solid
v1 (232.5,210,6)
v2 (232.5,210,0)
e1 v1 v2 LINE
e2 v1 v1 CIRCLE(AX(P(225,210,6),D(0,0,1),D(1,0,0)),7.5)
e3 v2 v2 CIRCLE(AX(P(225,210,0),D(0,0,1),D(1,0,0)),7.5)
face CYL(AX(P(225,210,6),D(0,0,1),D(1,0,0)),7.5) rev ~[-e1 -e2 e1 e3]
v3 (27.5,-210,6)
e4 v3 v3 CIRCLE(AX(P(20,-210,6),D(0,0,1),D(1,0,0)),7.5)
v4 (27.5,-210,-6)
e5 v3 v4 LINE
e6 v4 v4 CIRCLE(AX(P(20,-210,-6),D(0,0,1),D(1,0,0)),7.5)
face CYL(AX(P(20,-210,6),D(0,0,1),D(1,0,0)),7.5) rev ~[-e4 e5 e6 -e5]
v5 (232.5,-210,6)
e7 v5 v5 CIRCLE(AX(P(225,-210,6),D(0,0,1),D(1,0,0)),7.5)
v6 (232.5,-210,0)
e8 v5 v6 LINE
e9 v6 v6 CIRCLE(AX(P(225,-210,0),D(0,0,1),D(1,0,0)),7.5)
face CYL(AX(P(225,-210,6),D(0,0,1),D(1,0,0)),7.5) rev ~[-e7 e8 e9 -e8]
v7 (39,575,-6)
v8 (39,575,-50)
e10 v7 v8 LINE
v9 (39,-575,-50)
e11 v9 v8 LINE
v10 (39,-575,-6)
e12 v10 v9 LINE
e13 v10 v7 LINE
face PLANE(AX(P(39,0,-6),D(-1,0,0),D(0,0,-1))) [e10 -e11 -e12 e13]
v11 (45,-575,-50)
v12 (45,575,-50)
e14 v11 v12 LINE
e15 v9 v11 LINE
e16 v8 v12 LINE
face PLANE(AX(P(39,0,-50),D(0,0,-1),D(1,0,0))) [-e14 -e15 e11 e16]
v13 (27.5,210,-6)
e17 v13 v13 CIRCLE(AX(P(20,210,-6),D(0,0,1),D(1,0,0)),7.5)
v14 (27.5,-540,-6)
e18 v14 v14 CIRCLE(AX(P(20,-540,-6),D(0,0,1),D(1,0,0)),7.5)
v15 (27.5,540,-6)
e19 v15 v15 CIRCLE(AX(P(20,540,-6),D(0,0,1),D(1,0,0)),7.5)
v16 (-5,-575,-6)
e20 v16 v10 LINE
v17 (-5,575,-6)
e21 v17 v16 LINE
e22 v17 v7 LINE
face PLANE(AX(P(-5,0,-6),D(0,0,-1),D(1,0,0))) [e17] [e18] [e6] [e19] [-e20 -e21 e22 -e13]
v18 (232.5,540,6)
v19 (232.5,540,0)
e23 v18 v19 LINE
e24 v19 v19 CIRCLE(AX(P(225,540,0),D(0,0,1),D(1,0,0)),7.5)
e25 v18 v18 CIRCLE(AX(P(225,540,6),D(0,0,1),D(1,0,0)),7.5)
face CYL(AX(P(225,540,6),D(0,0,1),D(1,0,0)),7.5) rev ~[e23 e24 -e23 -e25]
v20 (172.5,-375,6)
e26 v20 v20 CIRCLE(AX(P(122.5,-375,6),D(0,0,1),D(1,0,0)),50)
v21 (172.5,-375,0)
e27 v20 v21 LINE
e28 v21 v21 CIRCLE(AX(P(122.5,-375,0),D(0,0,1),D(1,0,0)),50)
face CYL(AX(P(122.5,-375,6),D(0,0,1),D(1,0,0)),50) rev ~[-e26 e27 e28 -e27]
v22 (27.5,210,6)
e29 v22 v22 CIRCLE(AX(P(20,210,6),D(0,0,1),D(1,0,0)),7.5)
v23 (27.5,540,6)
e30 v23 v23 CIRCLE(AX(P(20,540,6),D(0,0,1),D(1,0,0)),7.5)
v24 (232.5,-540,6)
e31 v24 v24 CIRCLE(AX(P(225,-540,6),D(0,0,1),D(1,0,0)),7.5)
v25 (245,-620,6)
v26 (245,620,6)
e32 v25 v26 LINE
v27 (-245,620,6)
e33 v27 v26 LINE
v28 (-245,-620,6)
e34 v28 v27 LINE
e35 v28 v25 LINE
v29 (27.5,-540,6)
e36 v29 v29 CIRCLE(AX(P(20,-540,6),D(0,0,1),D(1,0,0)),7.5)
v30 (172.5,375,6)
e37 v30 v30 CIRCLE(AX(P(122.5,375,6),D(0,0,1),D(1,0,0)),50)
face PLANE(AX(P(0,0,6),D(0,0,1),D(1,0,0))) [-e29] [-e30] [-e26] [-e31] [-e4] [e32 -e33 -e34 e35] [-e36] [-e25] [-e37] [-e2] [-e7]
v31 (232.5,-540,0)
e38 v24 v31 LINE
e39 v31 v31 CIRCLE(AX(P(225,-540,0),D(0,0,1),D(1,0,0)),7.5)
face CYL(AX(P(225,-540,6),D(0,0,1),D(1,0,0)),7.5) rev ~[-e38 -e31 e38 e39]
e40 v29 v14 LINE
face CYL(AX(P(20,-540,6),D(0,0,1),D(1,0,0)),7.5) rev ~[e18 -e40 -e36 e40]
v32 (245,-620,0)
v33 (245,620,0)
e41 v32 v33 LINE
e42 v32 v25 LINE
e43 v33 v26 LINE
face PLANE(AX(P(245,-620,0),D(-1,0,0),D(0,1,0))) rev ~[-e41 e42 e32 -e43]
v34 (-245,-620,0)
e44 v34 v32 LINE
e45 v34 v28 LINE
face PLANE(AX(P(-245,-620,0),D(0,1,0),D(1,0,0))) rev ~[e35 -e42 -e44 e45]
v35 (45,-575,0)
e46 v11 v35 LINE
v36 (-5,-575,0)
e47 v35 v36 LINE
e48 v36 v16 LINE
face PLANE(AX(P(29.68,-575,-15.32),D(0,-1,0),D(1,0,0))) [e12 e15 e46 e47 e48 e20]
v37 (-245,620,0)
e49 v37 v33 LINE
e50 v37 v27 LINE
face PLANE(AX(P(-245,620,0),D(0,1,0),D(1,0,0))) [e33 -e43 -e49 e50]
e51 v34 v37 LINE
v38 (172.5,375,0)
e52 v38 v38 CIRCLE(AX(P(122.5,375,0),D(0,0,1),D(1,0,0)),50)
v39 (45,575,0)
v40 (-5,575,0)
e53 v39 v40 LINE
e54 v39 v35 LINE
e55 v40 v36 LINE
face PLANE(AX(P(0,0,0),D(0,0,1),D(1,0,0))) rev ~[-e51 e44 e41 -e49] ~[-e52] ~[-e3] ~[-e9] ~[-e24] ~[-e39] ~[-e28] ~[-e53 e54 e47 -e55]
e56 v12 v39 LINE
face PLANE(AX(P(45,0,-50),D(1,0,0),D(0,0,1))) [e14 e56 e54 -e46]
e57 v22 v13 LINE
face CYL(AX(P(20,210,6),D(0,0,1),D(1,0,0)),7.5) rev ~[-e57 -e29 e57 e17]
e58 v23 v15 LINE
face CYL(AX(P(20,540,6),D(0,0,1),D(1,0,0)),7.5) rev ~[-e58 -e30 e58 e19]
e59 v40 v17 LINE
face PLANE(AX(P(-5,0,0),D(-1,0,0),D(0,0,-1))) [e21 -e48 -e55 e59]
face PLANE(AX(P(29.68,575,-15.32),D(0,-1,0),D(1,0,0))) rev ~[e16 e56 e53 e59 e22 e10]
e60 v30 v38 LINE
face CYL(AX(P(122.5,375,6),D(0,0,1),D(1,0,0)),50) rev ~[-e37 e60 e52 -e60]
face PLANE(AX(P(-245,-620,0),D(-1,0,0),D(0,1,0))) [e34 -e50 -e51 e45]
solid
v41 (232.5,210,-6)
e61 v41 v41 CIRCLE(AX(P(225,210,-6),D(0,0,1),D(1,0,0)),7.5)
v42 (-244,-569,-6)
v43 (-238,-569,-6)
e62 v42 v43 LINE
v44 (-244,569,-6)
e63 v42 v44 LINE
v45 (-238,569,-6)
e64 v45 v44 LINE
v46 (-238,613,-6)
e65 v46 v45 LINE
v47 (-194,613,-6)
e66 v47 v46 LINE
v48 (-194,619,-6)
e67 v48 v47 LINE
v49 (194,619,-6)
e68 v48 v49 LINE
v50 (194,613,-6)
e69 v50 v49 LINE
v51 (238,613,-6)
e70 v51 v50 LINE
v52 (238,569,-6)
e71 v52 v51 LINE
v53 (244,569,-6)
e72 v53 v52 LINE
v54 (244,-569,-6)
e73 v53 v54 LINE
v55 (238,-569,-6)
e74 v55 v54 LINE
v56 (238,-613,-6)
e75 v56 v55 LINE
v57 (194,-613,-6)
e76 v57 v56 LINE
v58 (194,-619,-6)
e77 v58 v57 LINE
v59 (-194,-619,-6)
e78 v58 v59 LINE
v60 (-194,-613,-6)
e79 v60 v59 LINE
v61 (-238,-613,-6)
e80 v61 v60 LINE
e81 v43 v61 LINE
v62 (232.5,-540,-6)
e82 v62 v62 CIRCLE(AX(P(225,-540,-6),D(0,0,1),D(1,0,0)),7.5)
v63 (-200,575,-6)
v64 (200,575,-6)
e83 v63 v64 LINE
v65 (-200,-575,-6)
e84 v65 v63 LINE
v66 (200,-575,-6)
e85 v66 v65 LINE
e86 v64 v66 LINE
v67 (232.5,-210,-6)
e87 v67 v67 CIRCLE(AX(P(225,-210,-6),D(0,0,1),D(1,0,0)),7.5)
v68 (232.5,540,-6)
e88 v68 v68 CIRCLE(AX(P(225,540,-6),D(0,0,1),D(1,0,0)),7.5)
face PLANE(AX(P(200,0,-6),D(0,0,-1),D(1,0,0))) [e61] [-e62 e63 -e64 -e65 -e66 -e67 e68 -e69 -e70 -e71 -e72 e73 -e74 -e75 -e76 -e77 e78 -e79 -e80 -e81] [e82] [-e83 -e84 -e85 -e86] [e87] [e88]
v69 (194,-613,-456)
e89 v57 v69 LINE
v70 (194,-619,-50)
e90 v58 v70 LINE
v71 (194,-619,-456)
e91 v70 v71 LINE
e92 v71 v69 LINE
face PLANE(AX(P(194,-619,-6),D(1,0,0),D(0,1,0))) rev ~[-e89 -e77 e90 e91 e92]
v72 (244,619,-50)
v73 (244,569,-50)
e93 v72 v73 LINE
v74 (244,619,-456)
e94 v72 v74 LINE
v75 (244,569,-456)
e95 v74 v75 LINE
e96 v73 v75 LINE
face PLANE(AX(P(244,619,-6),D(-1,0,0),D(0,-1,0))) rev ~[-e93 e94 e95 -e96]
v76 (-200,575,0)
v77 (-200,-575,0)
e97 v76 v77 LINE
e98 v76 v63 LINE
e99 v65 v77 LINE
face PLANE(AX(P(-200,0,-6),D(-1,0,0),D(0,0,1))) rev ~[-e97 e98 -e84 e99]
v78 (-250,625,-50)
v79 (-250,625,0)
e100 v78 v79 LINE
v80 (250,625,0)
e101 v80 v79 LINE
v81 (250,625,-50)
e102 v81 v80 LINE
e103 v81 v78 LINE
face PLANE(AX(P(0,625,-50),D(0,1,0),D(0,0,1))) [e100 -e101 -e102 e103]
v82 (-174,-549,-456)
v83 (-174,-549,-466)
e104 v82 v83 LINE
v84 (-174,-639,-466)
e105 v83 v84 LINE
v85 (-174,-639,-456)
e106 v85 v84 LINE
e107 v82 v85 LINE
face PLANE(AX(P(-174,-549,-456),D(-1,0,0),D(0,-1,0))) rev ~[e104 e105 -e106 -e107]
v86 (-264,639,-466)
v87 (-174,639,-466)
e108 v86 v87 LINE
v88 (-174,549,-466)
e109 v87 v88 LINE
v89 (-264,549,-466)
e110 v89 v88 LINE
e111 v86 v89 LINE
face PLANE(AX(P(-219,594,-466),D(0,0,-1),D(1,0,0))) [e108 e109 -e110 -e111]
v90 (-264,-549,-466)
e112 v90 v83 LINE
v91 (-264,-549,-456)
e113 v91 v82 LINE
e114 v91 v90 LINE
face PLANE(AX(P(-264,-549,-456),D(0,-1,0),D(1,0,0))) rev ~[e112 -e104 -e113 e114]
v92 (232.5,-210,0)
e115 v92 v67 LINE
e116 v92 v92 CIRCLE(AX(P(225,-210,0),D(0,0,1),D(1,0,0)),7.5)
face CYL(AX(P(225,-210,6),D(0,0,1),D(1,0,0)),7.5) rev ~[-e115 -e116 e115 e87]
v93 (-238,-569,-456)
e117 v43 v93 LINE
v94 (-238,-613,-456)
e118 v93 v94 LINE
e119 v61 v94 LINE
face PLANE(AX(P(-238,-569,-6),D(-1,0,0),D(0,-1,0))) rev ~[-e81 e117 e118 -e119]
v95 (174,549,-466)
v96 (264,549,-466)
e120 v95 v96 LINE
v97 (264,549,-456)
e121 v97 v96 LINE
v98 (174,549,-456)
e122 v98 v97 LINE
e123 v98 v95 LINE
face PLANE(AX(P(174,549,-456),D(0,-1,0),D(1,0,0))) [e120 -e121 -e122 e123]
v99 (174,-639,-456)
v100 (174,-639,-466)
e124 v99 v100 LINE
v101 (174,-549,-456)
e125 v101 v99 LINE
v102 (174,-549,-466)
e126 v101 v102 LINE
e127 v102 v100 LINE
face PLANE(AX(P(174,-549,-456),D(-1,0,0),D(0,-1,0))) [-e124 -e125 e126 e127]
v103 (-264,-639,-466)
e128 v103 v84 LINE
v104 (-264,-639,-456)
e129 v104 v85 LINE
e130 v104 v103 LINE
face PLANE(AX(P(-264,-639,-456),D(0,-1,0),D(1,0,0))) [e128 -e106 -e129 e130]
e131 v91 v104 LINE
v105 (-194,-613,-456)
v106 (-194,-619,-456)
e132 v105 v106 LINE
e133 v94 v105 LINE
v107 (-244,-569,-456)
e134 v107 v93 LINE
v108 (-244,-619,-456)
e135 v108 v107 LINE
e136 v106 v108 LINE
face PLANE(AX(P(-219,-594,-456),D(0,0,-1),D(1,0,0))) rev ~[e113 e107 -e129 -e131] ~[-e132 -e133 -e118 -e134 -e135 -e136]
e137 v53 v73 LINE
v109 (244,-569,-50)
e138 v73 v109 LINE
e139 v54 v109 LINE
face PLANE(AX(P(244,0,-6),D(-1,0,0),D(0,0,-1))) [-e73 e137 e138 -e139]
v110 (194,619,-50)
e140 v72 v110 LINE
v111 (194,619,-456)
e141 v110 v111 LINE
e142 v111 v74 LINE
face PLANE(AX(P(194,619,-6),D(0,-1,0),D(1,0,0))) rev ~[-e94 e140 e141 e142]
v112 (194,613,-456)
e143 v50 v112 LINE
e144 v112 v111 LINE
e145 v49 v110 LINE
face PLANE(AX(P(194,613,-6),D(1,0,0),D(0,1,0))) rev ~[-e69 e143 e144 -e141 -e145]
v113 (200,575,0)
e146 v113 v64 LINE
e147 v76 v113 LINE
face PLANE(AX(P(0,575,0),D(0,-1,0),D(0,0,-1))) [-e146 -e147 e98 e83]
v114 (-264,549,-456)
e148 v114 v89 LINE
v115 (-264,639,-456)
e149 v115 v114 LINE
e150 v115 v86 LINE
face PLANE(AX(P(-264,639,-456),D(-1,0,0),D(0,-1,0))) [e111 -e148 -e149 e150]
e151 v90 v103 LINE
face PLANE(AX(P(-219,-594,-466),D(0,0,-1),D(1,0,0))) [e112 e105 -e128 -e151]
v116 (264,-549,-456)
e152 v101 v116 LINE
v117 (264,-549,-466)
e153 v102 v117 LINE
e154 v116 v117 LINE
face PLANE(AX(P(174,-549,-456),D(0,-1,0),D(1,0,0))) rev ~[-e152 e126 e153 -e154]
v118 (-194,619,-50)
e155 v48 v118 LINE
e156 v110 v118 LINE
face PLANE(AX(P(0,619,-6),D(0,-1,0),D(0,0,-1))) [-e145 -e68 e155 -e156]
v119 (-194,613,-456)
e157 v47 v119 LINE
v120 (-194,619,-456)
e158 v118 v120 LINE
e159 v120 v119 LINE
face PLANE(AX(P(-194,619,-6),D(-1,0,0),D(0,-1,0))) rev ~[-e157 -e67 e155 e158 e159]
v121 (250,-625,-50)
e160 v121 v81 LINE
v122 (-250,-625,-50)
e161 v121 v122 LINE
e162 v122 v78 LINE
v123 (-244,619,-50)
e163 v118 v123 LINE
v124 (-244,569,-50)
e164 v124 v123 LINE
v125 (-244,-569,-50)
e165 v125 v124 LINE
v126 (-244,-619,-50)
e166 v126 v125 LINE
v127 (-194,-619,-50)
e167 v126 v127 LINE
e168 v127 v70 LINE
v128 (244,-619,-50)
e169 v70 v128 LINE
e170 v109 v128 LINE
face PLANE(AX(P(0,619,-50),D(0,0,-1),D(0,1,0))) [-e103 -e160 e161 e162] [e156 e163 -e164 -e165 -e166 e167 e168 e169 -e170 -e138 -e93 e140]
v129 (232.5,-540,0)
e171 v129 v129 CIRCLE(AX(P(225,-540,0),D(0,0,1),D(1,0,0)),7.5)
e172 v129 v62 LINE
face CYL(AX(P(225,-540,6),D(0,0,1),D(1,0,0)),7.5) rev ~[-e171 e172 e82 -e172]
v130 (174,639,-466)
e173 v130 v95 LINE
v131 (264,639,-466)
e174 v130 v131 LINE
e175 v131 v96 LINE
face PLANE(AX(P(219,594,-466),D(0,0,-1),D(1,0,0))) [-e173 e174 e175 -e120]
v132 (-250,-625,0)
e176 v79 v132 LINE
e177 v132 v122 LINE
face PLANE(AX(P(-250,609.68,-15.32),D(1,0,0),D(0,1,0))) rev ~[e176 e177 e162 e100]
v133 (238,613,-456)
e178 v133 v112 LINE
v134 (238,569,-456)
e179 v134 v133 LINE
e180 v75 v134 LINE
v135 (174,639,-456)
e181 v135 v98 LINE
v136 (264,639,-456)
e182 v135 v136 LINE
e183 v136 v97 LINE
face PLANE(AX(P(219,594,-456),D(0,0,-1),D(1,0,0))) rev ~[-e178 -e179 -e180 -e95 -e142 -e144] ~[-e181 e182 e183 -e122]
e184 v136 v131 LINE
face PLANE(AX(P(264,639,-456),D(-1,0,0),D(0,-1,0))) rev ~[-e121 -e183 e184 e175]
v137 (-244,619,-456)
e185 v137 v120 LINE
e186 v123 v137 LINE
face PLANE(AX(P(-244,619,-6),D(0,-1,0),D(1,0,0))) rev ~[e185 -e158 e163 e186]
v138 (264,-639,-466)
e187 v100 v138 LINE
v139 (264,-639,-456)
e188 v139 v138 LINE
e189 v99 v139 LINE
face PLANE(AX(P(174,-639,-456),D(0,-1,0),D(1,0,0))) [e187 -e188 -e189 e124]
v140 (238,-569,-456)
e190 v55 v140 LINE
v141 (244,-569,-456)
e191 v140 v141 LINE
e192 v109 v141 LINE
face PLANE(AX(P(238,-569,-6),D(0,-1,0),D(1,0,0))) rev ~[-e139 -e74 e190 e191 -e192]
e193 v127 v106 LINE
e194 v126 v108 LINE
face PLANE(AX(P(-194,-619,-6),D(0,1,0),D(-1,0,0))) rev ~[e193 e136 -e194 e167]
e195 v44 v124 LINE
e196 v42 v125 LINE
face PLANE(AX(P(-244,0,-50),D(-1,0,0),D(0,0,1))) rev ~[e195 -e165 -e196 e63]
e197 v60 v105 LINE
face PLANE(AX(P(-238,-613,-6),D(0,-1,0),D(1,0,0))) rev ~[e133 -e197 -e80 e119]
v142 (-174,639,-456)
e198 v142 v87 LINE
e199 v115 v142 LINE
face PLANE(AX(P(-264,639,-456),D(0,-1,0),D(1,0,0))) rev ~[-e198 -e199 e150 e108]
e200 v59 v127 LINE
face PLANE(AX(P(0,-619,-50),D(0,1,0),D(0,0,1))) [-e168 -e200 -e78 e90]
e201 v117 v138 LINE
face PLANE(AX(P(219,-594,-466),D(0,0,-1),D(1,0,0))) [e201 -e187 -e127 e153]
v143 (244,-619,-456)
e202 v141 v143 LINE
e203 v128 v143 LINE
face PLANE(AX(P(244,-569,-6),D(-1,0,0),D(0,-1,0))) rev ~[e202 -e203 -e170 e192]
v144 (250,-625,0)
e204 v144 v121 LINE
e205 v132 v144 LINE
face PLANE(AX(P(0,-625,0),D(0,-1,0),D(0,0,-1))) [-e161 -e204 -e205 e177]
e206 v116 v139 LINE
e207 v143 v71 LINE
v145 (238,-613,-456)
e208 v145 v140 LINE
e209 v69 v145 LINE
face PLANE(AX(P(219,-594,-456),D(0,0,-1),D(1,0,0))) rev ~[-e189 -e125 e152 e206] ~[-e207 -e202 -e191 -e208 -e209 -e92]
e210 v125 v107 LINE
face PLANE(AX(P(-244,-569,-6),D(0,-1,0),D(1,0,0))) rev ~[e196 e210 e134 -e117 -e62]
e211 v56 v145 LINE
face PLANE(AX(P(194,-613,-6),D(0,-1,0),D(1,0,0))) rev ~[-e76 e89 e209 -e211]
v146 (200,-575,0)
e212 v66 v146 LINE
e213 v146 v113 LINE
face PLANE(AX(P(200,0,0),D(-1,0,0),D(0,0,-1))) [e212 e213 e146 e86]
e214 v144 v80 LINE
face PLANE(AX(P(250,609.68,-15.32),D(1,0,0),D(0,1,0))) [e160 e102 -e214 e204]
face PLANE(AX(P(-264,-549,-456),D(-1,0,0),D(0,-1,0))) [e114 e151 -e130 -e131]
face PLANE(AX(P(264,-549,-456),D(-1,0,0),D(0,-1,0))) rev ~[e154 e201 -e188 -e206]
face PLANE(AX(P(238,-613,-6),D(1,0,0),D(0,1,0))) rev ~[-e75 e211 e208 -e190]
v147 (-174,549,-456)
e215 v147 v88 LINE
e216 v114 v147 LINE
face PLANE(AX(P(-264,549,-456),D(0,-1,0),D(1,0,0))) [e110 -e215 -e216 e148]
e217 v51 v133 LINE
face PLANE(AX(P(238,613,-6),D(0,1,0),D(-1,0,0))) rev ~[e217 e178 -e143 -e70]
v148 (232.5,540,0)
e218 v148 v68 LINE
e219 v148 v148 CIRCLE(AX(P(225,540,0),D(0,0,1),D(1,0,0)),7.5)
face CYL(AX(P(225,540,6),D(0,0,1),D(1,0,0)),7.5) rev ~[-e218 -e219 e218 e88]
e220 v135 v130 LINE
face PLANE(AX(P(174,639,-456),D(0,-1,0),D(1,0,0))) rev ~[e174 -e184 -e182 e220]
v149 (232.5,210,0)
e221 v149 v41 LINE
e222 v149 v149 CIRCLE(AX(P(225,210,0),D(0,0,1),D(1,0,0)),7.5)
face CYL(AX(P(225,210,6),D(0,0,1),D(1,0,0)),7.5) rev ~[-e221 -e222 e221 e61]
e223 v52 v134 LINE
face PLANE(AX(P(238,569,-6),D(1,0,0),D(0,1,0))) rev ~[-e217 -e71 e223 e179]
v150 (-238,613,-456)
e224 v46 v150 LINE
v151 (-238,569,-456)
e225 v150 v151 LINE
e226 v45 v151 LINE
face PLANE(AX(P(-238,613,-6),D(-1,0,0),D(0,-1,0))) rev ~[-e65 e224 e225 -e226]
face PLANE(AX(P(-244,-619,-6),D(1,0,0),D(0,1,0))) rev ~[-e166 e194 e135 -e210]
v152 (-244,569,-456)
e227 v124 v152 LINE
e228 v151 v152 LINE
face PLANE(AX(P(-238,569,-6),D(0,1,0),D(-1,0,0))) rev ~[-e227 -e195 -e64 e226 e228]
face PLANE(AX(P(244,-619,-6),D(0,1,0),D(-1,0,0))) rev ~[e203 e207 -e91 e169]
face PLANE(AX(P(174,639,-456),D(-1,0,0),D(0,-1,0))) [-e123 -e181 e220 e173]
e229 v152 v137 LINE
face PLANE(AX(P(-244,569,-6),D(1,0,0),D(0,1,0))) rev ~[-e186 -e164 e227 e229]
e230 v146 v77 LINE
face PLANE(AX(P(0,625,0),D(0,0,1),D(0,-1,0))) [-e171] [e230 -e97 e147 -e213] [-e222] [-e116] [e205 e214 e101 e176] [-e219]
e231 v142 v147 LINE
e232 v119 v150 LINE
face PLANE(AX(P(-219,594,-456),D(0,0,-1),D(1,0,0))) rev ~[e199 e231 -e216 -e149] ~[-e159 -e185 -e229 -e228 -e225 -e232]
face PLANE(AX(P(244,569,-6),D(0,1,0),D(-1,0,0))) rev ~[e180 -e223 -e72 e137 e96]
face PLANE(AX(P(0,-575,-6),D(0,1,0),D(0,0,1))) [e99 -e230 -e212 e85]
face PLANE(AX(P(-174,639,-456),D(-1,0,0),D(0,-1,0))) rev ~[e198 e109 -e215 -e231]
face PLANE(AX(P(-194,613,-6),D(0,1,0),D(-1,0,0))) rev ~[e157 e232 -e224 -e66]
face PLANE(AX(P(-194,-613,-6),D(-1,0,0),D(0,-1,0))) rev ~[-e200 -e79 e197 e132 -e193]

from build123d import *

# Parameters (mm, degrees)
F1_DEPTH  = 250
F3_DEPTH  = 625
F5_DEPTH  = 450
F6_W      = 90
F6_H      = 90
F7_DEPTH  = 10
F8_W      = 490
F8_H      = 1240
F9_DEPTH  = 6
F11_DEPTH = 575
F12_R     = 7.5
F12_R_2   = 50
F13_DEPTH = 12


with BuildPart() as f1:
    # F0 (on Right) → F1 (new body, symmetric)
    with BuildSketch(Plane.YZ):
        Polygon((-575, 0), (-625, 0), (-625, -50), (-619, -50), (-619, -6), (-575, -6), align=None)
    extrude(amount=F1_DEPTH, both=True)



with BuildPart() as f1b:
    # F0 (on Right) → F1, piece 2 (new body, symmetric)
    with BuildSketch(Plane.YZ):
        Polygon((625, 0), (575, 0), (575, -6), (619, -6), (619, -50), (625, -50), align=None)
    extrude(amount=F1_DEPTH, both=True)


with BuildPart() as f1_1:
    add(f1.part)

    add(f1b.part)  # F3 merges F1b
    # F2 (on Front) → F3 (join, symmetric)
    with BuildSketch(Plane.XZ):
        Polygon((-200, -6), (-200, 0), (-250, 0), (-250, -50), (-244, -50), (-244, -6), align=None)
        Polygon((200, 0), (200, -6), (244, -6), (244, -50), (250, -50), (250, 0), align=None)
    extrude(amount=F3_DEPTH, both=True)

    # F4 (on face) → F5 (join)
    with BuildSketch(Plane(origin=(0, 0, -6), x_dir=(1, 0, 0), z_dir=(0, 0, -1))):
        Polygon((244, 569), (244, 619), (194, 619), (194, 613), (238, 613), (238, 569), align=None)
        Polygon((244, -619), (244, -569), (238, -569), (238, -613), (194, -613), (194, -619), align=None)
        Polygon((-194, -619), (-194, -613), (-238, -613), (-238, -569), (-244, -569), (-244, -619), align=None)
        Polygon((-238, 613), (-194, 613), (-194, 619), (-244, 619), (-244, 569), (-238, 569), align=None)
    extrude(amount=F5_DEPTH)

    # F6 (on face) → F7 (join)
    with BuildSketch(Plane(origin=(0, 0, -456), x_dir=(1, 0, 0), z_dir=(0, 0, -1))):
        with Locations((-219, -594)):
            Rectangle(F6_W, F6_H)
        with Locations((-219, 594)):
            Rectangle(F6_W, F6_H)
        with Locations((219, 594)):
            Rectangle(F6_W, F6_H)
        with Locations((219, -594)):
            Rectangle(F6_W, F6_H)
    extrude(amount=F7_DEPTH)


with BuildPart() as f9:
    # F8 (on face) → F9 (new body)
    with BuildSketch(Plane.XY):
        Rectangle(F8_W, F8_H)
    extrude(amount=F9_DEPTH)

    # F10 (on Front) → F11 (join, symmetric)
    with BuildSketch(Plane.XZ):
        Polygon((45, -50), (45, 0), (-5, 0), (-5, -6), (39, -6), (39, -50), align=None)
    extrude(amount=F11_DEPTH, both=True)


with BuildPart() as f13_tool:
    # F12 (on face) → F13 (new body)
    with BuildSketch(Plane.XY.offset(6)):
        with Locations((20, -210)):
            Circle(F12_R)
        with Locations((225, -210)):
            Circle(F12_R)
        with Locations((225, -540)):
            Circle(F12_R)
        with Locations((20, -540)):
            Circle(F12_R)
        with Locations((20, 540)):
            Circle(F12_R)
        with Locations((225, 540)):
            Circle(F12_R)
        with Locations((225, 210)):
            Circle(F12_R)
        with Locations((20, 210)):
            Circle(F12_R)
        with Locations((122.5, -375)):
            Circle(F12_R_2)
        with Locations((122.5, 375)):
            Circle(F12_R_2)
    extrude(amount=-F13_DEPTH)


with BuildPart() as f1_2:
    add(f1_1.part)

    # F13: cut by f13_tool
    add(f13_tool.part, mode=Mode.SUBTRACT)


with BuildPart() as f9_1:
    add(f9.part)

    # F13: cut by f13_tool
    add(f13_tool.part, mode=Mode.SUBTRACT)


solid = Compound([f1_2.part, f9_1.part])
